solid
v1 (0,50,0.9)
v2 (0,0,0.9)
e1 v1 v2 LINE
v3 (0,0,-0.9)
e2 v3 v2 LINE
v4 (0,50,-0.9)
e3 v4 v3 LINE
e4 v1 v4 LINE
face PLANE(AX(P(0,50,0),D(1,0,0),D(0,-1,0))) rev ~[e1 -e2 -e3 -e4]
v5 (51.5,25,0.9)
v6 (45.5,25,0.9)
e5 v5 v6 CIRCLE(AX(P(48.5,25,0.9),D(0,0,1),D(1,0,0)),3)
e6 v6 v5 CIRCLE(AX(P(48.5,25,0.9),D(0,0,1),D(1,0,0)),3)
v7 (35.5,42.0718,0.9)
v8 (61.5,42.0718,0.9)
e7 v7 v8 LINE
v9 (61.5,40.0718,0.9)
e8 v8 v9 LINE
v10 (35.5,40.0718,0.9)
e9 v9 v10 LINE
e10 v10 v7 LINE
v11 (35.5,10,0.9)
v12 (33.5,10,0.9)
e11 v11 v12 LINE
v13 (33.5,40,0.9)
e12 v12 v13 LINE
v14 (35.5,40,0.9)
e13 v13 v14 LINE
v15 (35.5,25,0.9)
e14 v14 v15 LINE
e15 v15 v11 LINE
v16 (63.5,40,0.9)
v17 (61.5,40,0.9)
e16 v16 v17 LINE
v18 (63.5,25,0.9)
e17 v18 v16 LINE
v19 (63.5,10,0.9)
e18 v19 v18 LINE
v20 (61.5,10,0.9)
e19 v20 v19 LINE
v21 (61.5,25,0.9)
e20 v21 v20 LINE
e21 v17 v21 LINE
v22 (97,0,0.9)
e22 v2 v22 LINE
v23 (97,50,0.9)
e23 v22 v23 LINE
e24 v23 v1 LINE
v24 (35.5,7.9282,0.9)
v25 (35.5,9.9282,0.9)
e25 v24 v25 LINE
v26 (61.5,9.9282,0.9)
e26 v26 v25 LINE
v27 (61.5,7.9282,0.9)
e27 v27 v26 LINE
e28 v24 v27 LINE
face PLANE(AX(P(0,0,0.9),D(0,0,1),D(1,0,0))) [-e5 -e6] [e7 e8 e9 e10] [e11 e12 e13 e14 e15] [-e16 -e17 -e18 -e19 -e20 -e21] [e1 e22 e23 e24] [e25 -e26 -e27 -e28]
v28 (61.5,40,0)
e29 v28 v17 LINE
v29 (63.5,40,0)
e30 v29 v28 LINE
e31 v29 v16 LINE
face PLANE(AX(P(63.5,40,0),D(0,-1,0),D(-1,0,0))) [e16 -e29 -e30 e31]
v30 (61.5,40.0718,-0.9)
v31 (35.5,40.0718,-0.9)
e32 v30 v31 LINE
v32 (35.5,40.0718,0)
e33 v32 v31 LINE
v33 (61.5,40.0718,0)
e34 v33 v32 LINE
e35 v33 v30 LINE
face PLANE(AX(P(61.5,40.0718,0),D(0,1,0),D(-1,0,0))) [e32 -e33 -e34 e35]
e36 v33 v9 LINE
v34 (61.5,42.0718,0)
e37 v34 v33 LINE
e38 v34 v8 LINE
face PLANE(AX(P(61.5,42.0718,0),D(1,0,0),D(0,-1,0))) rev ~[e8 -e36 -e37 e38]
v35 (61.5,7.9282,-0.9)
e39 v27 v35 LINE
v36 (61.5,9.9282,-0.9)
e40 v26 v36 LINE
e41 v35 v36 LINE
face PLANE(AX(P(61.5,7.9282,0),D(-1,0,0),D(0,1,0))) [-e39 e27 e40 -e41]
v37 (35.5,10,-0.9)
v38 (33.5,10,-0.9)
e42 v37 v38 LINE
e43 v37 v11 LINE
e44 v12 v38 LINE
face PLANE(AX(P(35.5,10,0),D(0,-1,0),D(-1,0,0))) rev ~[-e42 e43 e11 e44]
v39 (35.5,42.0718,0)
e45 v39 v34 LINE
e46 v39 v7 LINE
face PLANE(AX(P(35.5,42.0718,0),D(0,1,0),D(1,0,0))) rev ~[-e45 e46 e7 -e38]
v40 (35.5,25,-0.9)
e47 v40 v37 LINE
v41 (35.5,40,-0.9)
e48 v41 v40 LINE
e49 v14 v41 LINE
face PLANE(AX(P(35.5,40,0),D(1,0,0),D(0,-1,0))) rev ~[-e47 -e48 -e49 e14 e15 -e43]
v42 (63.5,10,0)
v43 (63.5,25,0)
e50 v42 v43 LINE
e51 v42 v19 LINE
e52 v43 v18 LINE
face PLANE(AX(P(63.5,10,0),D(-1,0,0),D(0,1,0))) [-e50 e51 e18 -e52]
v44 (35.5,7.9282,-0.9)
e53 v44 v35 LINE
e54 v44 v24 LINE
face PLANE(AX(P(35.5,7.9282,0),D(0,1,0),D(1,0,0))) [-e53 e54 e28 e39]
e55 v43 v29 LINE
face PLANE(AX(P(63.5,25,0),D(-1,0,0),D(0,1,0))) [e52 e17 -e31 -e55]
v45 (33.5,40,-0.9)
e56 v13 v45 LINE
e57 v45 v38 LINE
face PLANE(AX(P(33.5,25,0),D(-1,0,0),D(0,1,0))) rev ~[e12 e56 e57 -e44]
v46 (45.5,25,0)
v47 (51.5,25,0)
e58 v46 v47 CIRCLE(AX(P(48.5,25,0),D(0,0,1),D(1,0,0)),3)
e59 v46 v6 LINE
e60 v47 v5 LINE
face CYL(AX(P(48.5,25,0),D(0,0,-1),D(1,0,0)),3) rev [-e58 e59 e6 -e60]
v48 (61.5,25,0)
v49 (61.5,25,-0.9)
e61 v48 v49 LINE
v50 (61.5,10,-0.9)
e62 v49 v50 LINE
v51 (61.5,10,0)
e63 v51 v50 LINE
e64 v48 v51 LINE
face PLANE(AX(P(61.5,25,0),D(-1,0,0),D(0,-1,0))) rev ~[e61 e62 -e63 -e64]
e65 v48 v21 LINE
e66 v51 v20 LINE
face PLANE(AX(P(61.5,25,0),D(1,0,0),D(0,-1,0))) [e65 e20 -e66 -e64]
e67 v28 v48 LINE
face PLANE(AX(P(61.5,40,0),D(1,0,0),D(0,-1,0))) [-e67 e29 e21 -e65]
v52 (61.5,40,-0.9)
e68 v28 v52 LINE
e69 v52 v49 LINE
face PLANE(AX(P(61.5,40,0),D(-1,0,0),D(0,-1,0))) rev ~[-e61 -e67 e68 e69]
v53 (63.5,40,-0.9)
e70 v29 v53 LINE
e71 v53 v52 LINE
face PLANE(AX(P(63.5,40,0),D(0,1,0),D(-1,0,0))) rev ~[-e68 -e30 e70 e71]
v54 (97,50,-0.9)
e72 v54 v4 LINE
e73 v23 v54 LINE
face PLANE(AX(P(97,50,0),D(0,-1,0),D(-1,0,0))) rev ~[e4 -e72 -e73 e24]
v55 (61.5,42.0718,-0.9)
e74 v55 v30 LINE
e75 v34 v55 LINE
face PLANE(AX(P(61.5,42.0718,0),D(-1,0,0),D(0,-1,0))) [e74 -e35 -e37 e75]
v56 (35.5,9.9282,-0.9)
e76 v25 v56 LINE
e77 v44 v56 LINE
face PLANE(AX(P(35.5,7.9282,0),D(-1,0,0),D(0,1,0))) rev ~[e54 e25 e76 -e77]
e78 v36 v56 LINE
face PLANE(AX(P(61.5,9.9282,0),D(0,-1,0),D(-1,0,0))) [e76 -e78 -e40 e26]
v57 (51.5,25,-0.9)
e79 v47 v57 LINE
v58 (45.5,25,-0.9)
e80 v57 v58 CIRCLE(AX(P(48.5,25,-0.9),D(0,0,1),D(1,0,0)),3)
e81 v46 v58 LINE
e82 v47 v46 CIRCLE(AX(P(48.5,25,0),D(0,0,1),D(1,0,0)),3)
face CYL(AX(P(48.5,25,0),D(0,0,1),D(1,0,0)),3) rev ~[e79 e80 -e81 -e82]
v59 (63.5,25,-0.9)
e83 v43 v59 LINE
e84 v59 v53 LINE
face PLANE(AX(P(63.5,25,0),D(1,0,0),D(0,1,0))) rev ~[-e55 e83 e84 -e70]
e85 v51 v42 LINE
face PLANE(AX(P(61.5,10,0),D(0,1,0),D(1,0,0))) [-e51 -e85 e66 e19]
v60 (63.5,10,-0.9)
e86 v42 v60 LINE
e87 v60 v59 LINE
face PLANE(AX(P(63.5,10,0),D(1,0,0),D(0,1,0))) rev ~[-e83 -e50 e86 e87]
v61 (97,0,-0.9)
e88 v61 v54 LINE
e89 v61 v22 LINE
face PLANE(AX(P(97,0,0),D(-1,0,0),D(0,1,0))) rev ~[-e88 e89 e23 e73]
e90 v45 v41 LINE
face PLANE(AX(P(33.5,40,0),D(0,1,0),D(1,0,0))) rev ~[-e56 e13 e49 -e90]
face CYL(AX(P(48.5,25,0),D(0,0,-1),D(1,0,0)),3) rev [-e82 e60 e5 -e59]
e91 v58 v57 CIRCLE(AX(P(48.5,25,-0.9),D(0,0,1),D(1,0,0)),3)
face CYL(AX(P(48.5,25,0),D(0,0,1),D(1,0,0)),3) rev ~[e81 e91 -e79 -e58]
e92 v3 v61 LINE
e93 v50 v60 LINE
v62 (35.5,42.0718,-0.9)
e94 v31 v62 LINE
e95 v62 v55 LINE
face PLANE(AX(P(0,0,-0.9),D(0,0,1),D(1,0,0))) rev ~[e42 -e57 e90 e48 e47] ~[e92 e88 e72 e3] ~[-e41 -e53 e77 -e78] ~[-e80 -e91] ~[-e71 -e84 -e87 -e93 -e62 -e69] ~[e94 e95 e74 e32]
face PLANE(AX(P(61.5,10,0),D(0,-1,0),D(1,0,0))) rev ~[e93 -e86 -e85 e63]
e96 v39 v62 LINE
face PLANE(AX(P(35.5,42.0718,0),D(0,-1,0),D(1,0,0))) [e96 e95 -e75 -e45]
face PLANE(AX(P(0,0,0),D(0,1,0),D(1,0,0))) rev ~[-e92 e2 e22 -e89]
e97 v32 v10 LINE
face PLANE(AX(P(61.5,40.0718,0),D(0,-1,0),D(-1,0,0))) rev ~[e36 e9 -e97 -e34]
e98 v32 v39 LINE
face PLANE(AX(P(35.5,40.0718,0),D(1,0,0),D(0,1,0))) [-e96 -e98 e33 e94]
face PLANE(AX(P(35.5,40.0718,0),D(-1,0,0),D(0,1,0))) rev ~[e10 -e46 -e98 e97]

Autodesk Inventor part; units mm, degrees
ref_plane "YZ Plane" through (0, 0, 0) normal (1, 0, 0) x (0, 1, 0)
ref_plane "XZ Plane" through (0, 0, 0) normal (0, 1, 0) x (-1, 0, 0)
ref_plane "XY Plane" through (0, 0, 0) normal (0, 0, 1) x (1, 0, 0)
sketch "Sketch1" plane through (0, 0, 0) normal (0, 0, 1) x (1, 0, 0)
  line L0 (0, 0) -> (97, 0)
  line L1 (97, 0) -> (97, 50)
  line L2 (97, 50) -> (0, 50)
  line L3 (0, 50) -> (0, 0)
  circle A0 centre (48.5, 25) radius 3
  line L4 (63.5, 40) -> (61.5, 40)
  line L5 (61.5, 40) -> (61.5, 10)
  line L6 (61.5, 10) -> (63.5, 10)
  line L7 (63.5, 10) -> (63.5, 40)
  line L8 (33.5, 40) -> (35.5, 40)
  line L9 (35.5, 40) -> (35.5, 10)
  line L10 (35.5, 10) -> (33.5, 10)
  line L11 (33.5, 10) -> (33.5, 40)
  line L12 (35.5, 42.0718) -> (61.5, 42.0718)
  line L13 (61.5, 42.0718) -> (61.5, 40.0718)
  line L14 (61.5, 40.0718) -> (35.5, 40.0718)
  line L15 (35.5, 40.0718) -> (35.5, 42.0718)
  line L16 (48.5, 25) -> (31.2053, 25)
  line L17 (31.2053, 25) -> (48.5, 25)
  line L18 (48.5, 25) -> (67.3058, 25)
  line L19 (35.5, 7.9282) -> (61.5, 7.9282)
  line L20 (61.5, 9.9282) -> (35.5, 9.9282)
  line L21 (61.5, 7.9282) -> (61.5, 9.9282)
  line L22 (35.5, 7.9282) -> (35.5, 9.9282)
  point P0 (0, 25)
  point P1 (62.5, 40)
  dimension "d2" = 97
  dimension "d3" = 50
  dimension "d4" = 6
  dimension "d6" = 25
  dimension "d7" = 48.5
  dimension "d8" = 2
  dimension "d9" = 30
  dimension "d10" = 10
  dimension "d12" = 15
  dimension "d13" = 2
  dimension "d14" = 30
  dimension "d15" = 15
  dimension "d16" = 2
  dimension "d20" = 26
  dimension "d21" = 0
extrude "Extrusion1" add sketch "Sketch1" along normal mid plane 1.8
